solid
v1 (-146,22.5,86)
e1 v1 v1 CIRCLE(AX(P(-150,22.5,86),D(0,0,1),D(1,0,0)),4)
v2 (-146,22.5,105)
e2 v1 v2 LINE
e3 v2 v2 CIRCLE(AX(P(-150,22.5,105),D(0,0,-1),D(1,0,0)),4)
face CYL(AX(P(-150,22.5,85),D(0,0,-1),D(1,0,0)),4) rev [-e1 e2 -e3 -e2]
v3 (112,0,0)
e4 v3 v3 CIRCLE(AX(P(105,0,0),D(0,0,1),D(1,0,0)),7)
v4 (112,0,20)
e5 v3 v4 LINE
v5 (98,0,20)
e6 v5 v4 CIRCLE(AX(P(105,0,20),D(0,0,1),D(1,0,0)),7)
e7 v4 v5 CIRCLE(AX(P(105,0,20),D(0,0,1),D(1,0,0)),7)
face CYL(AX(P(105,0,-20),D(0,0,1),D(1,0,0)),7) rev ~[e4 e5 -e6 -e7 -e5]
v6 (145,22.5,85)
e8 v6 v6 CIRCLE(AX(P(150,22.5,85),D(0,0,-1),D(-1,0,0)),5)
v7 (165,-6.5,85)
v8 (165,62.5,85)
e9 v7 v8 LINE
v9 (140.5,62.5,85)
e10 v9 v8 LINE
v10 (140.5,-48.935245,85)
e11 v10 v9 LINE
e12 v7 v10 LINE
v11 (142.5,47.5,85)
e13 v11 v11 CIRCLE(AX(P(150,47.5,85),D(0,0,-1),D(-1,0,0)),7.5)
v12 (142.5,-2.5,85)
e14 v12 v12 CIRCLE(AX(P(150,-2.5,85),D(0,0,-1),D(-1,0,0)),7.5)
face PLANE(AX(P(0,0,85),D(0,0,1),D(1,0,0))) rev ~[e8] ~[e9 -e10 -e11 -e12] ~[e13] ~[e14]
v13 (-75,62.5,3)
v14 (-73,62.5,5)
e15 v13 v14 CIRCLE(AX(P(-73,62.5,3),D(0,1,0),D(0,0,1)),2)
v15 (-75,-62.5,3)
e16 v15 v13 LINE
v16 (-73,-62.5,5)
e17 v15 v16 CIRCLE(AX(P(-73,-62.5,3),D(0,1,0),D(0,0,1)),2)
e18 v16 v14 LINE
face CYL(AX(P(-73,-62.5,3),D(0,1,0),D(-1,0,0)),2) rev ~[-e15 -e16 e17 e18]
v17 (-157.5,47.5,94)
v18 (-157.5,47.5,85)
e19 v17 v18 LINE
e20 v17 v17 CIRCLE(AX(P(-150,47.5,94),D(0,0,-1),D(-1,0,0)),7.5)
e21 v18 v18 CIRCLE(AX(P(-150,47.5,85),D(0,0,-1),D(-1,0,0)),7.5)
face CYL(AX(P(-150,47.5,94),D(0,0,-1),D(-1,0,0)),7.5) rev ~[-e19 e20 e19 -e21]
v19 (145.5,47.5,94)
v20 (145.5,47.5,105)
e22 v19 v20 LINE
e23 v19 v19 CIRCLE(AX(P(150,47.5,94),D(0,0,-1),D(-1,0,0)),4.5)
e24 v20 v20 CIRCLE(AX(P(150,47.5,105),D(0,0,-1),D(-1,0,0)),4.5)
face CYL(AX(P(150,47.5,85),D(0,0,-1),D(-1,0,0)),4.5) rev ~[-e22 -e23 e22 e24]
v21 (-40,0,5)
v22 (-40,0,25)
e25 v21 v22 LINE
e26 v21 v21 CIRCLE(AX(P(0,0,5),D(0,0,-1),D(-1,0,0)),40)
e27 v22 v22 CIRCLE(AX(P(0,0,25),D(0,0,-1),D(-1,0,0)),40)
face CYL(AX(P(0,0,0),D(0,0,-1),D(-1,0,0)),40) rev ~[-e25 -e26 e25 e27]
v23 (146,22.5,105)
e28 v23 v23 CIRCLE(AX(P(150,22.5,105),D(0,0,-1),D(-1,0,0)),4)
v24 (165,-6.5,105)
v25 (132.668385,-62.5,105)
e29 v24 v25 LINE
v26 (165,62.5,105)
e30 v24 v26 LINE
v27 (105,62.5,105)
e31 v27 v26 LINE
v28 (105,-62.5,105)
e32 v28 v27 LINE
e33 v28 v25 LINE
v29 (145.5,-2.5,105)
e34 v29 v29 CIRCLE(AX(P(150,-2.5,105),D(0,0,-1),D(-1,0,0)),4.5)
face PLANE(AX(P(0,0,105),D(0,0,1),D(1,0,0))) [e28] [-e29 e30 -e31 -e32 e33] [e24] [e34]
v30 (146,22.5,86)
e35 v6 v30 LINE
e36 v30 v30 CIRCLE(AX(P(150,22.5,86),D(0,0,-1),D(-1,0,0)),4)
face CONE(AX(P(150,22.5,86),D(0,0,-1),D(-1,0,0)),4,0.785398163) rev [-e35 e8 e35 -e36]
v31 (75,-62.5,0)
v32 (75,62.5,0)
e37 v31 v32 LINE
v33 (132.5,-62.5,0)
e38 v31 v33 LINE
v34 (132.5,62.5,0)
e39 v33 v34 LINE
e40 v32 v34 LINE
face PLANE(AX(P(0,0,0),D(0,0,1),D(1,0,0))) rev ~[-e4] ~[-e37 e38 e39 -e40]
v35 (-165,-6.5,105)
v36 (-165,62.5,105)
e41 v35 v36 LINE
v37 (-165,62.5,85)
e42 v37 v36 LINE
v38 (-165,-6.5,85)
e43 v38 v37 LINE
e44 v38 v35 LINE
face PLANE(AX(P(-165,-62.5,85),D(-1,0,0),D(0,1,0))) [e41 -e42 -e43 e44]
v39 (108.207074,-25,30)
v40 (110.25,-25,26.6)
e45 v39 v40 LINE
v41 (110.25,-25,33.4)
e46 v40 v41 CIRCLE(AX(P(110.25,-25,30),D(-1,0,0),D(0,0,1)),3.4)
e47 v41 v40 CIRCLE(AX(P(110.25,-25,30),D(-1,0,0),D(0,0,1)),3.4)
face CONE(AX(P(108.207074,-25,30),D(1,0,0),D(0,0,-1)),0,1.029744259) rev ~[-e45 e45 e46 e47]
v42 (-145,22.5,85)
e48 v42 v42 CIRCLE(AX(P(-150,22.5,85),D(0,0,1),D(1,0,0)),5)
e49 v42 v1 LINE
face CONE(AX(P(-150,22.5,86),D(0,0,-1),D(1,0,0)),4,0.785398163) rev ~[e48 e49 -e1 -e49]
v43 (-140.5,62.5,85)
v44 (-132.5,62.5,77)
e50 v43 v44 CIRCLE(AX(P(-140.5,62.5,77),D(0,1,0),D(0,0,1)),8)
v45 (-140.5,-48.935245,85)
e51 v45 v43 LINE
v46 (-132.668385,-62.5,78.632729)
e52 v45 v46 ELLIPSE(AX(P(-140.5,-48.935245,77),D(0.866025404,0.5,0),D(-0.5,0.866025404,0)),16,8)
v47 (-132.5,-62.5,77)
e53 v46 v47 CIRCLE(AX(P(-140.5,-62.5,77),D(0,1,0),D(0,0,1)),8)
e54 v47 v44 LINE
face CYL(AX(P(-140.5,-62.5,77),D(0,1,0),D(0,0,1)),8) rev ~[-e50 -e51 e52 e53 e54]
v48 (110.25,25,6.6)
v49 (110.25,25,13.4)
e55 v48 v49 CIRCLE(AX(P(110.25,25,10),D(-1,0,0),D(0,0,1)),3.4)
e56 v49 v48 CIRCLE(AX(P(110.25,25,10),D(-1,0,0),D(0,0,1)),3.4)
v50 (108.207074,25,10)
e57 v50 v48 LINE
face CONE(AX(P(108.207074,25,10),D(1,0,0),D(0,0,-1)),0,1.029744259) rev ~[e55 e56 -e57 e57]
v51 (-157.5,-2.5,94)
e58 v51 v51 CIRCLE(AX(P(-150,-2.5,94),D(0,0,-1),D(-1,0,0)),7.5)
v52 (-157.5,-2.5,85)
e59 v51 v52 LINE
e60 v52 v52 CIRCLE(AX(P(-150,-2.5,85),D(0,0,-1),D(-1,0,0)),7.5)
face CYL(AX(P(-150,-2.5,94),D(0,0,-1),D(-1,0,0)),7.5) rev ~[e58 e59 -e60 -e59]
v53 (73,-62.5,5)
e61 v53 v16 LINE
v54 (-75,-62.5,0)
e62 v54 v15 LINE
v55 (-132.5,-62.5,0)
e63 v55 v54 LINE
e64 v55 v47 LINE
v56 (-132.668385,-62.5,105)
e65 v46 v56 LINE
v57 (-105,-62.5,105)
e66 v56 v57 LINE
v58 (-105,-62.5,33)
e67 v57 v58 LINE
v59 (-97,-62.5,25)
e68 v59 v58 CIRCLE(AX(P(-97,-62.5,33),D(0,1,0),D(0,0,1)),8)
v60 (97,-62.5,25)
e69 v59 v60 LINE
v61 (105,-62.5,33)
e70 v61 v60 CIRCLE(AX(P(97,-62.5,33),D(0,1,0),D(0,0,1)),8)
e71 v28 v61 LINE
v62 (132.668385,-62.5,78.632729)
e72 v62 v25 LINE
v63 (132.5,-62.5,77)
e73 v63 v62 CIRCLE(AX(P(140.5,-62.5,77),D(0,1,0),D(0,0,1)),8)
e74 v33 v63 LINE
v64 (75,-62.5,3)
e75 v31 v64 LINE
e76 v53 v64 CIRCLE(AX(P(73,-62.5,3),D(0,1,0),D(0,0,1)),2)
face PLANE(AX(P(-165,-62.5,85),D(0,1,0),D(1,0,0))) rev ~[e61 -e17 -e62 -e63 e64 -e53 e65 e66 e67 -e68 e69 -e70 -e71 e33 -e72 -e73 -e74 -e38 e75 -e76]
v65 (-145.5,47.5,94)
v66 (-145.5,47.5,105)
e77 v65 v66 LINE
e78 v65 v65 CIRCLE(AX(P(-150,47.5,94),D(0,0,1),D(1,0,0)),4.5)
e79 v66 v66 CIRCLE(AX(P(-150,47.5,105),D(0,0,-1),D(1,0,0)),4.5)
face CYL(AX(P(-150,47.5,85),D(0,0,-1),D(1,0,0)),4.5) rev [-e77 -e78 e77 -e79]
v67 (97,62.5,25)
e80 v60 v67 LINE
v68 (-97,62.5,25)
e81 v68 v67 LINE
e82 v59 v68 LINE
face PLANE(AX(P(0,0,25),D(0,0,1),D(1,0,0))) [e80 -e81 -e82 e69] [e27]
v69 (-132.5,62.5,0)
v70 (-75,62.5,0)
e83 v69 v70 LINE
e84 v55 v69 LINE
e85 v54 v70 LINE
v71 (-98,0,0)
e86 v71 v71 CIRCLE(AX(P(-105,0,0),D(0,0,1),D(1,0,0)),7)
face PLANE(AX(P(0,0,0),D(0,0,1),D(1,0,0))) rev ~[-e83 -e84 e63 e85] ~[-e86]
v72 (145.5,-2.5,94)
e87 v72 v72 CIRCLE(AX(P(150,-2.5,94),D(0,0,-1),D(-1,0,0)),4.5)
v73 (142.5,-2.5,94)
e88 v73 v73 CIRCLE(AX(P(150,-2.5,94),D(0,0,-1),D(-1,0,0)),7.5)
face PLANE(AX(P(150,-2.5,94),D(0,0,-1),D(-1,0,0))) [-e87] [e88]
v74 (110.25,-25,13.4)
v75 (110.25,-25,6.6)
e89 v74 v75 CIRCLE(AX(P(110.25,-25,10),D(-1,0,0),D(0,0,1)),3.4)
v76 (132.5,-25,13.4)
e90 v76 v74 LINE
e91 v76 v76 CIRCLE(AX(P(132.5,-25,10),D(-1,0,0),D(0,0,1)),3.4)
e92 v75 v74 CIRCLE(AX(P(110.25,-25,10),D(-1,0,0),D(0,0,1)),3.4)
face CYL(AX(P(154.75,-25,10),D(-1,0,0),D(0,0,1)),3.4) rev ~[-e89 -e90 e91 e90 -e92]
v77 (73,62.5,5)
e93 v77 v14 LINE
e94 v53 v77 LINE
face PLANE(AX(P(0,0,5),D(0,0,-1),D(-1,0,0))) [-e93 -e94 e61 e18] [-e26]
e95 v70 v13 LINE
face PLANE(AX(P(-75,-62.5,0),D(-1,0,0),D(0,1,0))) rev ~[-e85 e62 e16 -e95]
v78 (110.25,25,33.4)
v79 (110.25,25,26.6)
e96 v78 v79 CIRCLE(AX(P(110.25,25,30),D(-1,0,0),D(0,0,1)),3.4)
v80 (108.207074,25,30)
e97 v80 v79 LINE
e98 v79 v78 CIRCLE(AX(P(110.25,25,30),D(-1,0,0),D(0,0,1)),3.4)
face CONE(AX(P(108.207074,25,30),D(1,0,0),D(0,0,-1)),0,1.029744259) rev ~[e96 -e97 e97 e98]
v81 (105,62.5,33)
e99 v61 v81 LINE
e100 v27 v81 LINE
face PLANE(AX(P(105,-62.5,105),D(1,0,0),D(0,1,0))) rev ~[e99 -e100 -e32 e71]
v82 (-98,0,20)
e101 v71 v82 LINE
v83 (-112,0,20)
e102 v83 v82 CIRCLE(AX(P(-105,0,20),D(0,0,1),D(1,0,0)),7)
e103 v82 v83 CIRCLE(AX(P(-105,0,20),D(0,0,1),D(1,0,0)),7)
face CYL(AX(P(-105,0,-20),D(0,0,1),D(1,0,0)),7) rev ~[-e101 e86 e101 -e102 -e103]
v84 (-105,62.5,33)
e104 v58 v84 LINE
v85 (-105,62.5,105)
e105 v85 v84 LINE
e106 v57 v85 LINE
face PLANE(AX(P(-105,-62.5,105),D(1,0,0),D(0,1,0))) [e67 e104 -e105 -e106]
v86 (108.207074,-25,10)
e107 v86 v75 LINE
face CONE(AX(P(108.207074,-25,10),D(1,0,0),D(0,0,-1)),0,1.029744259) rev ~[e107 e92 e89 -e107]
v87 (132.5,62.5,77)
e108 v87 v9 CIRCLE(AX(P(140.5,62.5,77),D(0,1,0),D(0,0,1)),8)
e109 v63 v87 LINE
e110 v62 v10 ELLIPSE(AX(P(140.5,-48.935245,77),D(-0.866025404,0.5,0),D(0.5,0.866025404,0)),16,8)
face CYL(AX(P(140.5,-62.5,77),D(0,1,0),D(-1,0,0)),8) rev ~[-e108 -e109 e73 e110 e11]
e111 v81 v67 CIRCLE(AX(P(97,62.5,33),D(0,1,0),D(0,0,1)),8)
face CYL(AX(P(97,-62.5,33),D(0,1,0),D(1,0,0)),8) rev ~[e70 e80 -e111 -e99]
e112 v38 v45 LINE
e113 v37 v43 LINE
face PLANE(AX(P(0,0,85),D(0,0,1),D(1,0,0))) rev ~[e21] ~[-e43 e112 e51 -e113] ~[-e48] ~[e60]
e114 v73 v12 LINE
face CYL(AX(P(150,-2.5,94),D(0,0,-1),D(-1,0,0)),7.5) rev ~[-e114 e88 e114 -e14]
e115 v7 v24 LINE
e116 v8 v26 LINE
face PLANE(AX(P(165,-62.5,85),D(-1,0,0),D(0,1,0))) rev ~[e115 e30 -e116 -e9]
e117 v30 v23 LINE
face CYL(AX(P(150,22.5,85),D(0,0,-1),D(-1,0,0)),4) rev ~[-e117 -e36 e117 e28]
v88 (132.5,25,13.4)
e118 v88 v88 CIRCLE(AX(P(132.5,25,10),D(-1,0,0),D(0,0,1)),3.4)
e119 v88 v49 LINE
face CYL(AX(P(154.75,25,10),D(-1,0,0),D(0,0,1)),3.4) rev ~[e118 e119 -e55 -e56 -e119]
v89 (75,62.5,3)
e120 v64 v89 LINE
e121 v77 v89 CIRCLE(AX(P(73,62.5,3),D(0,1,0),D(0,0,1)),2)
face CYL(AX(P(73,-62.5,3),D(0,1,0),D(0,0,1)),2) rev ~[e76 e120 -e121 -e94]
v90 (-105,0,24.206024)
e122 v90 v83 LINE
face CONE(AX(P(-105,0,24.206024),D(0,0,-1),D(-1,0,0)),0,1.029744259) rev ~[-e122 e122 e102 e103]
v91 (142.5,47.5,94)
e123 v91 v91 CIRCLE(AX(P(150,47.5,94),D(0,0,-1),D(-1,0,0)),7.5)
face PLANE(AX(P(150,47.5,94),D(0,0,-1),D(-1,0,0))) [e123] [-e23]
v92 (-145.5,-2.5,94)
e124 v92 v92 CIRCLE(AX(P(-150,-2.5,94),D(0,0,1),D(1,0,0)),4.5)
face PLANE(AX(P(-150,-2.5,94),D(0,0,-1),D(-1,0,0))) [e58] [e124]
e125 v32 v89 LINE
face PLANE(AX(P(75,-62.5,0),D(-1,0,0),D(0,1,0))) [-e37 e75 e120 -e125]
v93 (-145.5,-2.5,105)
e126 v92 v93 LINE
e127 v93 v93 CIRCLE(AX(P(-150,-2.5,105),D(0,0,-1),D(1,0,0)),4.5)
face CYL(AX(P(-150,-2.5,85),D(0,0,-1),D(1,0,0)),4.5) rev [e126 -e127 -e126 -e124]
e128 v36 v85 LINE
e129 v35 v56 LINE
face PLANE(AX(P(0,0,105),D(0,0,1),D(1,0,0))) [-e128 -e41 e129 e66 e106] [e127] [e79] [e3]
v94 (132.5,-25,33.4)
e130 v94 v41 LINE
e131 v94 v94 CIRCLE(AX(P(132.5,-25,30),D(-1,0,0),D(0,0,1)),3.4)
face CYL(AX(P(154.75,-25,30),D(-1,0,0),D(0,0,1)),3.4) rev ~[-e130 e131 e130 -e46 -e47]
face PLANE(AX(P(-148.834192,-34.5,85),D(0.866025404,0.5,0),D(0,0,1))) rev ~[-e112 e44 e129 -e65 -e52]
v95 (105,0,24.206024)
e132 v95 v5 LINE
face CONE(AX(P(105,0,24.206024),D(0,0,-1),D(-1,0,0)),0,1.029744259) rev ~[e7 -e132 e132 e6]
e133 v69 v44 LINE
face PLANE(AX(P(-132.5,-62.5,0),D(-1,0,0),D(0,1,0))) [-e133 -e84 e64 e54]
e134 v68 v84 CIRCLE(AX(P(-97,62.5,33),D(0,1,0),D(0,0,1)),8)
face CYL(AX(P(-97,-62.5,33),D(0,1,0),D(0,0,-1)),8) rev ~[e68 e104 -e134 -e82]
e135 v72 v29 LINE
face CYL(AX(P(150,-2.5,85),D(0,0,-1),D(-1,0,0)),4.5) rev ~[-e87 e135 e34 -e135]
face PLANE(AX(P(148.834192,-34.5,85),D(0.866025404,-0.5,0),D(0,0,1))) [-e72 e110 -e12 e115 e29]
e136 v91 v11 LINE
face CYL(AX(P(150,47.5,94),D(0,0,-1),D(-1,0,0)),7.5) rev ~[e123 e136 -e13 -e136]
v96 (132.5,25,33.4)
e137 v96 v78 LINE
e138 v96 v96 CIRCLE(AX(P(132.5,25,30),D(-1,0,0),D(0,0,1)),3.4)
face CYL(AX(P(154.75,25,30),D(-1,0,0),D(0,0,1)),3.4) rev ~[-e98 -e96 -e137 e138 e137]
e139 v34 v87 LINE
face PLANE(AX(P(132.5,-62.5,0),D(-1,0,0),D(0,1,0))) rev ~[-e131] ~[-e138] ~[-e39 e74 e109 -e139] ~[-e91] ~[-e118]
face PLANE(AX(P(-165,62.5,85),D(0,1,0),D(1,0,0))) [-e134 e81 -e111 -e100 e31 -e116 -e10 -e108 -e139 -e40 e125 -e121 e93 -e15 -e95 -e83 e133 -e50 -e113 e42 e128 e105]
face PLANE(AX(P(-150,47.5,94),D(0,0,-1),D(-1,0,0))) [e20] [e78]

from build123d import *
from OCP.BRepFilletAPI import BRepFilletAPI_MakeChamfer

# Parameters (mm, degrees)
SKETCH_1_W                = 265
SKETCH_1_H                = 125
EXTRUDE_1_DEPTH           = 85
SKETCH_2_W                = 330
SKETCH_2_H                = 125
EXTRUDE_2_DEPTH           = 20
SKETCH_3_W                = 150
SKETCH_3_H                = 125
CUT_EXTRUDE_1_DEPTH       = 5
SKETCH_4_R                = 40
CUT_EXTRUDE_2_DEPTH       = 206.319872394
SKETCH_5_W                = 210
SKETCH_5_H                = 125
CUT_EXTRUDE_3_DEPTH       = 80
CHAMFER_2_SIZE            = 56
CHAMFER_2_SIZE2           = 32.331615075
SKETCH_10_R               = 4.5
SKETCH_10_R_2             = 4
CUT_EXTRUDE_4_DEPTH       = 196.847517217
HOLE_WIZARD_M16_1_D       = 14
HOLE_WIZARD_M16_1_DEPTH   = 20
HOLE_WIZARD_M16_1_TIP     = 4.206024333
CHAMFER_3_SIZE            = 1
HOLE_WIZARD_1_D           = 9
HOLE_WIZARD_1_CBORE_D     = 15
HOLE_WIZARD_1_CBORE_DEPTH = 9
HOLE_WIZARD_M8_1_D        = 6.8
HOLE_WIZARD_M8_1_DEPTH    = 22.25
HOLE_WIZARD_M8_1_TIP      = 2.042926105
FILLET_1_R                = 8
FILLET_2_R                = 2


with BuildPart() as part:
    # 草图1 → 凸台-拉伸1 (new body)
    with BuildSketch(Plane.XY):
        Rectangle(SKETCH_1_W, SKETCH_1_H)
    extrude(amount=EXTRUDE_1_DEPTH)

    # 草图2 → 凸台-拉伸2 (add)
    with BuildSketch(Plane.XY.offset(85)):
        Rectangle(SKETCH_2_W, SKETCH_2_H)
    extrude(amount=EXTRUDE_2_DEPTH)

    # 草图3 → 切除-拉伸1 (cut)
    with BuildSketch(Plane(origin=(0, 0, 0), x_dir=(-1, 0, 0), z_dir=(0, 0, -1))):
        Rectangle(SKETCH_3_W, SKETCH_3_H)
    extrude(amount=-CUT_EXTRUDE_1_DEPTH, mode=Mode.SUBTRACT)

    # 草图4 → 切除-拉伸2 (cut, through all)
    with BuildSketch(Plane(origin=(0, 0, 0), x_dir=(-1, 0, 0), z_dir=(0, 0, -1))):
        Circle(SKETCH_4_R)
    extrude(amount=-CUT_EXTRUDE_2_DEPTH, mode=Mode.SUBTRACT)

    # 草图5 → 切除-拉伸3 (cut)
    with BuildSketch(Plane.XY.offset(105)):
        Rectangle(SKETCH_5_W, SKETCH_5_H)
    extrude(amount=-CUT_EXTRUDE_3_DEPTH, mode=Mode.SUBTRACT)

    # 倒角2: one chamfer whose edges measure the first distance from different faces: ONE call of the kernel's chamfer builder (chamfer() names one face for all edges)
    chamfer_2_edges_1 = [part.edges().sort_by_distance(p)[0] for p in [
        (165, -62.5, 95),
    ]]
    chamfer_2_side_1 = [part.faces().sort_by_distance(p)[0] for p in [
        (165, 0, 95),
    ]]
    chamfer_2_edges_2 = [part.edges().sort_by_distance(p)[0] for p in [
        (-165, -62.5, 95),
    ]]
    chamfer_2_side_2 = [part.faces().sort_by_distance(p)[0] for p in [
        (-165, 0, 95),
    ]]
    chamfer_2 = BRepFilletAPI_MakeChamfer(part.part.solid().wrapped)
    for e in chamfer_2_edges_1:
        chamfer_2.Add(CHAMFER_2_SIZE, CHAMFER_2_SIZE2, e.wrapped, chamfer_2_side_1[0].wrapped)  # the first distance lies on this face
    for e in chamfer_2_edges_2:
        chamfer_2.Add(CHAMFER_2_SIZE, CHAMFER_2_SIZE2, e.wrapped, chamfer_2_side_2[0].wrapped)  # the first distance lies on this face
    add(Compound.cast(chamfer_2.Shape()), mode=Mode.REPLACE)

    # 草图10 → 切除-拉伸4 (cut, through all)
    with BuildSketch(Plane(origin=(0, 0, 85), x_dir=(-1, 0, 0), z_dir=(0, 0, -1))):
        with Locations((-150, 47.5)):
            Circle(SKETCH_10_R)
        with Locations((-150, -2.5)):
            Circle(SKETCH_10_R)
        with Locations((-150, 22.5)):
            Circle(SKETCH_10_R_2)
    cut_extrude_4 = extrude(amount=-CUT_EXTRUDE_4_DEPTH, mode=Mode.SUBTRACT)

    # M16 螺纹孔1
    with Locations(Plane(origin=(0, 0, 0), x_dir=(-1, 0, 0), z_dir=(0, 0, -1))):
        with Locations((105, 0), (-105, 0)):
            Hole(HOLE_WIZARD_M16_1_D / 2, depth=HOLE_WIZARD_M16_1_DEPTH)
            with Locations((0, 0, -(HOLE_WIZARD_M16_1_DEPTH + HOLE_WIZARD_M16_1_TIP / 2))):  # 118° drill point
                Cone(0, HOLE_WIZARD_M16_1_D / 2, HOLE_WIZARD_M16_1_TIP, mode=Mode.SUBTRACT)

    # 镜向1: 切除-拉伸4 across plane
    add(cut_extrude_4.mirror(Plane.ZY), mode=Mode.SUBTRACT)

    # 倒角3
    chamfer_3_edges = [part.edges().sort_by_distance(p)[0] for p in [
        (-154, 22.5, 85),
        (154, 22.5, 85),
    ]]
    chamfer(chamfer_3_edges, length=CHAMFER_3_SIZE)

    # 打孔尺寸根据内六角圆柱头螺钉的类型1 (through all)
    with Locations(Plane(origin=(0, 0, 85), x_dir=(-1, 0, 0), z_dir=(0, 0, -1))):
        with Locations((150, -2.5), (150, 47.5), (-150, -2.5), (-150, 47.5)):
            CounterBoreHole(HOLE_WIZARD_1_D / 2, HOLE_WIZARD_1_CBORE_D / 2, HOLE_WIZARD_1_CBORE_DEPTH)

    # M8 螺纹孔1
    with Locations(Plane(origin=(132.5, 0, 0), x_dir=(0, 0, -1), z_dir=(1, 0, 0))):
        with Locations((-10, 25), (-30, 25), (-30, -25), (-10, -25)):
            Hole(HOLE_WIZARD_M8_1_D / 2, depth=HOLE_WIZARD_M8_1_DEPTH)
            with Locations((0, 0, -(HOLE_WIZARD_M8_1_DEPTH + HOLE_WIZARD_M8_1_TIP / 2))):  # 118° drill point
                Cone(0, HOLE_WIZARD_M8_1_D / 2, HOLE_WIZARD_M8_1_TIP, mode=Mode.SUBTRACT)

    # 圆角1
    fillet_1_edges = [part.edges().sort_by_distance(p)[0] for p in [
        (132.5, 0, 85),
        (-132.5, 0, 85),
        (105, 0, 25),
        (-105, 0, 25),
    ]]
    fillet(fillet_1_edges, radius=FILLET_1_R)

    # 圆角2
    fillet_2_edges = [part.edges().sort_by_distance(p)[0] for p in [
        (75, 0, 5),
        (-75, 0, 5),
    ]]
    fillet(fillet_2_edges, radius=FILLET_2_R)


solid = part.part
